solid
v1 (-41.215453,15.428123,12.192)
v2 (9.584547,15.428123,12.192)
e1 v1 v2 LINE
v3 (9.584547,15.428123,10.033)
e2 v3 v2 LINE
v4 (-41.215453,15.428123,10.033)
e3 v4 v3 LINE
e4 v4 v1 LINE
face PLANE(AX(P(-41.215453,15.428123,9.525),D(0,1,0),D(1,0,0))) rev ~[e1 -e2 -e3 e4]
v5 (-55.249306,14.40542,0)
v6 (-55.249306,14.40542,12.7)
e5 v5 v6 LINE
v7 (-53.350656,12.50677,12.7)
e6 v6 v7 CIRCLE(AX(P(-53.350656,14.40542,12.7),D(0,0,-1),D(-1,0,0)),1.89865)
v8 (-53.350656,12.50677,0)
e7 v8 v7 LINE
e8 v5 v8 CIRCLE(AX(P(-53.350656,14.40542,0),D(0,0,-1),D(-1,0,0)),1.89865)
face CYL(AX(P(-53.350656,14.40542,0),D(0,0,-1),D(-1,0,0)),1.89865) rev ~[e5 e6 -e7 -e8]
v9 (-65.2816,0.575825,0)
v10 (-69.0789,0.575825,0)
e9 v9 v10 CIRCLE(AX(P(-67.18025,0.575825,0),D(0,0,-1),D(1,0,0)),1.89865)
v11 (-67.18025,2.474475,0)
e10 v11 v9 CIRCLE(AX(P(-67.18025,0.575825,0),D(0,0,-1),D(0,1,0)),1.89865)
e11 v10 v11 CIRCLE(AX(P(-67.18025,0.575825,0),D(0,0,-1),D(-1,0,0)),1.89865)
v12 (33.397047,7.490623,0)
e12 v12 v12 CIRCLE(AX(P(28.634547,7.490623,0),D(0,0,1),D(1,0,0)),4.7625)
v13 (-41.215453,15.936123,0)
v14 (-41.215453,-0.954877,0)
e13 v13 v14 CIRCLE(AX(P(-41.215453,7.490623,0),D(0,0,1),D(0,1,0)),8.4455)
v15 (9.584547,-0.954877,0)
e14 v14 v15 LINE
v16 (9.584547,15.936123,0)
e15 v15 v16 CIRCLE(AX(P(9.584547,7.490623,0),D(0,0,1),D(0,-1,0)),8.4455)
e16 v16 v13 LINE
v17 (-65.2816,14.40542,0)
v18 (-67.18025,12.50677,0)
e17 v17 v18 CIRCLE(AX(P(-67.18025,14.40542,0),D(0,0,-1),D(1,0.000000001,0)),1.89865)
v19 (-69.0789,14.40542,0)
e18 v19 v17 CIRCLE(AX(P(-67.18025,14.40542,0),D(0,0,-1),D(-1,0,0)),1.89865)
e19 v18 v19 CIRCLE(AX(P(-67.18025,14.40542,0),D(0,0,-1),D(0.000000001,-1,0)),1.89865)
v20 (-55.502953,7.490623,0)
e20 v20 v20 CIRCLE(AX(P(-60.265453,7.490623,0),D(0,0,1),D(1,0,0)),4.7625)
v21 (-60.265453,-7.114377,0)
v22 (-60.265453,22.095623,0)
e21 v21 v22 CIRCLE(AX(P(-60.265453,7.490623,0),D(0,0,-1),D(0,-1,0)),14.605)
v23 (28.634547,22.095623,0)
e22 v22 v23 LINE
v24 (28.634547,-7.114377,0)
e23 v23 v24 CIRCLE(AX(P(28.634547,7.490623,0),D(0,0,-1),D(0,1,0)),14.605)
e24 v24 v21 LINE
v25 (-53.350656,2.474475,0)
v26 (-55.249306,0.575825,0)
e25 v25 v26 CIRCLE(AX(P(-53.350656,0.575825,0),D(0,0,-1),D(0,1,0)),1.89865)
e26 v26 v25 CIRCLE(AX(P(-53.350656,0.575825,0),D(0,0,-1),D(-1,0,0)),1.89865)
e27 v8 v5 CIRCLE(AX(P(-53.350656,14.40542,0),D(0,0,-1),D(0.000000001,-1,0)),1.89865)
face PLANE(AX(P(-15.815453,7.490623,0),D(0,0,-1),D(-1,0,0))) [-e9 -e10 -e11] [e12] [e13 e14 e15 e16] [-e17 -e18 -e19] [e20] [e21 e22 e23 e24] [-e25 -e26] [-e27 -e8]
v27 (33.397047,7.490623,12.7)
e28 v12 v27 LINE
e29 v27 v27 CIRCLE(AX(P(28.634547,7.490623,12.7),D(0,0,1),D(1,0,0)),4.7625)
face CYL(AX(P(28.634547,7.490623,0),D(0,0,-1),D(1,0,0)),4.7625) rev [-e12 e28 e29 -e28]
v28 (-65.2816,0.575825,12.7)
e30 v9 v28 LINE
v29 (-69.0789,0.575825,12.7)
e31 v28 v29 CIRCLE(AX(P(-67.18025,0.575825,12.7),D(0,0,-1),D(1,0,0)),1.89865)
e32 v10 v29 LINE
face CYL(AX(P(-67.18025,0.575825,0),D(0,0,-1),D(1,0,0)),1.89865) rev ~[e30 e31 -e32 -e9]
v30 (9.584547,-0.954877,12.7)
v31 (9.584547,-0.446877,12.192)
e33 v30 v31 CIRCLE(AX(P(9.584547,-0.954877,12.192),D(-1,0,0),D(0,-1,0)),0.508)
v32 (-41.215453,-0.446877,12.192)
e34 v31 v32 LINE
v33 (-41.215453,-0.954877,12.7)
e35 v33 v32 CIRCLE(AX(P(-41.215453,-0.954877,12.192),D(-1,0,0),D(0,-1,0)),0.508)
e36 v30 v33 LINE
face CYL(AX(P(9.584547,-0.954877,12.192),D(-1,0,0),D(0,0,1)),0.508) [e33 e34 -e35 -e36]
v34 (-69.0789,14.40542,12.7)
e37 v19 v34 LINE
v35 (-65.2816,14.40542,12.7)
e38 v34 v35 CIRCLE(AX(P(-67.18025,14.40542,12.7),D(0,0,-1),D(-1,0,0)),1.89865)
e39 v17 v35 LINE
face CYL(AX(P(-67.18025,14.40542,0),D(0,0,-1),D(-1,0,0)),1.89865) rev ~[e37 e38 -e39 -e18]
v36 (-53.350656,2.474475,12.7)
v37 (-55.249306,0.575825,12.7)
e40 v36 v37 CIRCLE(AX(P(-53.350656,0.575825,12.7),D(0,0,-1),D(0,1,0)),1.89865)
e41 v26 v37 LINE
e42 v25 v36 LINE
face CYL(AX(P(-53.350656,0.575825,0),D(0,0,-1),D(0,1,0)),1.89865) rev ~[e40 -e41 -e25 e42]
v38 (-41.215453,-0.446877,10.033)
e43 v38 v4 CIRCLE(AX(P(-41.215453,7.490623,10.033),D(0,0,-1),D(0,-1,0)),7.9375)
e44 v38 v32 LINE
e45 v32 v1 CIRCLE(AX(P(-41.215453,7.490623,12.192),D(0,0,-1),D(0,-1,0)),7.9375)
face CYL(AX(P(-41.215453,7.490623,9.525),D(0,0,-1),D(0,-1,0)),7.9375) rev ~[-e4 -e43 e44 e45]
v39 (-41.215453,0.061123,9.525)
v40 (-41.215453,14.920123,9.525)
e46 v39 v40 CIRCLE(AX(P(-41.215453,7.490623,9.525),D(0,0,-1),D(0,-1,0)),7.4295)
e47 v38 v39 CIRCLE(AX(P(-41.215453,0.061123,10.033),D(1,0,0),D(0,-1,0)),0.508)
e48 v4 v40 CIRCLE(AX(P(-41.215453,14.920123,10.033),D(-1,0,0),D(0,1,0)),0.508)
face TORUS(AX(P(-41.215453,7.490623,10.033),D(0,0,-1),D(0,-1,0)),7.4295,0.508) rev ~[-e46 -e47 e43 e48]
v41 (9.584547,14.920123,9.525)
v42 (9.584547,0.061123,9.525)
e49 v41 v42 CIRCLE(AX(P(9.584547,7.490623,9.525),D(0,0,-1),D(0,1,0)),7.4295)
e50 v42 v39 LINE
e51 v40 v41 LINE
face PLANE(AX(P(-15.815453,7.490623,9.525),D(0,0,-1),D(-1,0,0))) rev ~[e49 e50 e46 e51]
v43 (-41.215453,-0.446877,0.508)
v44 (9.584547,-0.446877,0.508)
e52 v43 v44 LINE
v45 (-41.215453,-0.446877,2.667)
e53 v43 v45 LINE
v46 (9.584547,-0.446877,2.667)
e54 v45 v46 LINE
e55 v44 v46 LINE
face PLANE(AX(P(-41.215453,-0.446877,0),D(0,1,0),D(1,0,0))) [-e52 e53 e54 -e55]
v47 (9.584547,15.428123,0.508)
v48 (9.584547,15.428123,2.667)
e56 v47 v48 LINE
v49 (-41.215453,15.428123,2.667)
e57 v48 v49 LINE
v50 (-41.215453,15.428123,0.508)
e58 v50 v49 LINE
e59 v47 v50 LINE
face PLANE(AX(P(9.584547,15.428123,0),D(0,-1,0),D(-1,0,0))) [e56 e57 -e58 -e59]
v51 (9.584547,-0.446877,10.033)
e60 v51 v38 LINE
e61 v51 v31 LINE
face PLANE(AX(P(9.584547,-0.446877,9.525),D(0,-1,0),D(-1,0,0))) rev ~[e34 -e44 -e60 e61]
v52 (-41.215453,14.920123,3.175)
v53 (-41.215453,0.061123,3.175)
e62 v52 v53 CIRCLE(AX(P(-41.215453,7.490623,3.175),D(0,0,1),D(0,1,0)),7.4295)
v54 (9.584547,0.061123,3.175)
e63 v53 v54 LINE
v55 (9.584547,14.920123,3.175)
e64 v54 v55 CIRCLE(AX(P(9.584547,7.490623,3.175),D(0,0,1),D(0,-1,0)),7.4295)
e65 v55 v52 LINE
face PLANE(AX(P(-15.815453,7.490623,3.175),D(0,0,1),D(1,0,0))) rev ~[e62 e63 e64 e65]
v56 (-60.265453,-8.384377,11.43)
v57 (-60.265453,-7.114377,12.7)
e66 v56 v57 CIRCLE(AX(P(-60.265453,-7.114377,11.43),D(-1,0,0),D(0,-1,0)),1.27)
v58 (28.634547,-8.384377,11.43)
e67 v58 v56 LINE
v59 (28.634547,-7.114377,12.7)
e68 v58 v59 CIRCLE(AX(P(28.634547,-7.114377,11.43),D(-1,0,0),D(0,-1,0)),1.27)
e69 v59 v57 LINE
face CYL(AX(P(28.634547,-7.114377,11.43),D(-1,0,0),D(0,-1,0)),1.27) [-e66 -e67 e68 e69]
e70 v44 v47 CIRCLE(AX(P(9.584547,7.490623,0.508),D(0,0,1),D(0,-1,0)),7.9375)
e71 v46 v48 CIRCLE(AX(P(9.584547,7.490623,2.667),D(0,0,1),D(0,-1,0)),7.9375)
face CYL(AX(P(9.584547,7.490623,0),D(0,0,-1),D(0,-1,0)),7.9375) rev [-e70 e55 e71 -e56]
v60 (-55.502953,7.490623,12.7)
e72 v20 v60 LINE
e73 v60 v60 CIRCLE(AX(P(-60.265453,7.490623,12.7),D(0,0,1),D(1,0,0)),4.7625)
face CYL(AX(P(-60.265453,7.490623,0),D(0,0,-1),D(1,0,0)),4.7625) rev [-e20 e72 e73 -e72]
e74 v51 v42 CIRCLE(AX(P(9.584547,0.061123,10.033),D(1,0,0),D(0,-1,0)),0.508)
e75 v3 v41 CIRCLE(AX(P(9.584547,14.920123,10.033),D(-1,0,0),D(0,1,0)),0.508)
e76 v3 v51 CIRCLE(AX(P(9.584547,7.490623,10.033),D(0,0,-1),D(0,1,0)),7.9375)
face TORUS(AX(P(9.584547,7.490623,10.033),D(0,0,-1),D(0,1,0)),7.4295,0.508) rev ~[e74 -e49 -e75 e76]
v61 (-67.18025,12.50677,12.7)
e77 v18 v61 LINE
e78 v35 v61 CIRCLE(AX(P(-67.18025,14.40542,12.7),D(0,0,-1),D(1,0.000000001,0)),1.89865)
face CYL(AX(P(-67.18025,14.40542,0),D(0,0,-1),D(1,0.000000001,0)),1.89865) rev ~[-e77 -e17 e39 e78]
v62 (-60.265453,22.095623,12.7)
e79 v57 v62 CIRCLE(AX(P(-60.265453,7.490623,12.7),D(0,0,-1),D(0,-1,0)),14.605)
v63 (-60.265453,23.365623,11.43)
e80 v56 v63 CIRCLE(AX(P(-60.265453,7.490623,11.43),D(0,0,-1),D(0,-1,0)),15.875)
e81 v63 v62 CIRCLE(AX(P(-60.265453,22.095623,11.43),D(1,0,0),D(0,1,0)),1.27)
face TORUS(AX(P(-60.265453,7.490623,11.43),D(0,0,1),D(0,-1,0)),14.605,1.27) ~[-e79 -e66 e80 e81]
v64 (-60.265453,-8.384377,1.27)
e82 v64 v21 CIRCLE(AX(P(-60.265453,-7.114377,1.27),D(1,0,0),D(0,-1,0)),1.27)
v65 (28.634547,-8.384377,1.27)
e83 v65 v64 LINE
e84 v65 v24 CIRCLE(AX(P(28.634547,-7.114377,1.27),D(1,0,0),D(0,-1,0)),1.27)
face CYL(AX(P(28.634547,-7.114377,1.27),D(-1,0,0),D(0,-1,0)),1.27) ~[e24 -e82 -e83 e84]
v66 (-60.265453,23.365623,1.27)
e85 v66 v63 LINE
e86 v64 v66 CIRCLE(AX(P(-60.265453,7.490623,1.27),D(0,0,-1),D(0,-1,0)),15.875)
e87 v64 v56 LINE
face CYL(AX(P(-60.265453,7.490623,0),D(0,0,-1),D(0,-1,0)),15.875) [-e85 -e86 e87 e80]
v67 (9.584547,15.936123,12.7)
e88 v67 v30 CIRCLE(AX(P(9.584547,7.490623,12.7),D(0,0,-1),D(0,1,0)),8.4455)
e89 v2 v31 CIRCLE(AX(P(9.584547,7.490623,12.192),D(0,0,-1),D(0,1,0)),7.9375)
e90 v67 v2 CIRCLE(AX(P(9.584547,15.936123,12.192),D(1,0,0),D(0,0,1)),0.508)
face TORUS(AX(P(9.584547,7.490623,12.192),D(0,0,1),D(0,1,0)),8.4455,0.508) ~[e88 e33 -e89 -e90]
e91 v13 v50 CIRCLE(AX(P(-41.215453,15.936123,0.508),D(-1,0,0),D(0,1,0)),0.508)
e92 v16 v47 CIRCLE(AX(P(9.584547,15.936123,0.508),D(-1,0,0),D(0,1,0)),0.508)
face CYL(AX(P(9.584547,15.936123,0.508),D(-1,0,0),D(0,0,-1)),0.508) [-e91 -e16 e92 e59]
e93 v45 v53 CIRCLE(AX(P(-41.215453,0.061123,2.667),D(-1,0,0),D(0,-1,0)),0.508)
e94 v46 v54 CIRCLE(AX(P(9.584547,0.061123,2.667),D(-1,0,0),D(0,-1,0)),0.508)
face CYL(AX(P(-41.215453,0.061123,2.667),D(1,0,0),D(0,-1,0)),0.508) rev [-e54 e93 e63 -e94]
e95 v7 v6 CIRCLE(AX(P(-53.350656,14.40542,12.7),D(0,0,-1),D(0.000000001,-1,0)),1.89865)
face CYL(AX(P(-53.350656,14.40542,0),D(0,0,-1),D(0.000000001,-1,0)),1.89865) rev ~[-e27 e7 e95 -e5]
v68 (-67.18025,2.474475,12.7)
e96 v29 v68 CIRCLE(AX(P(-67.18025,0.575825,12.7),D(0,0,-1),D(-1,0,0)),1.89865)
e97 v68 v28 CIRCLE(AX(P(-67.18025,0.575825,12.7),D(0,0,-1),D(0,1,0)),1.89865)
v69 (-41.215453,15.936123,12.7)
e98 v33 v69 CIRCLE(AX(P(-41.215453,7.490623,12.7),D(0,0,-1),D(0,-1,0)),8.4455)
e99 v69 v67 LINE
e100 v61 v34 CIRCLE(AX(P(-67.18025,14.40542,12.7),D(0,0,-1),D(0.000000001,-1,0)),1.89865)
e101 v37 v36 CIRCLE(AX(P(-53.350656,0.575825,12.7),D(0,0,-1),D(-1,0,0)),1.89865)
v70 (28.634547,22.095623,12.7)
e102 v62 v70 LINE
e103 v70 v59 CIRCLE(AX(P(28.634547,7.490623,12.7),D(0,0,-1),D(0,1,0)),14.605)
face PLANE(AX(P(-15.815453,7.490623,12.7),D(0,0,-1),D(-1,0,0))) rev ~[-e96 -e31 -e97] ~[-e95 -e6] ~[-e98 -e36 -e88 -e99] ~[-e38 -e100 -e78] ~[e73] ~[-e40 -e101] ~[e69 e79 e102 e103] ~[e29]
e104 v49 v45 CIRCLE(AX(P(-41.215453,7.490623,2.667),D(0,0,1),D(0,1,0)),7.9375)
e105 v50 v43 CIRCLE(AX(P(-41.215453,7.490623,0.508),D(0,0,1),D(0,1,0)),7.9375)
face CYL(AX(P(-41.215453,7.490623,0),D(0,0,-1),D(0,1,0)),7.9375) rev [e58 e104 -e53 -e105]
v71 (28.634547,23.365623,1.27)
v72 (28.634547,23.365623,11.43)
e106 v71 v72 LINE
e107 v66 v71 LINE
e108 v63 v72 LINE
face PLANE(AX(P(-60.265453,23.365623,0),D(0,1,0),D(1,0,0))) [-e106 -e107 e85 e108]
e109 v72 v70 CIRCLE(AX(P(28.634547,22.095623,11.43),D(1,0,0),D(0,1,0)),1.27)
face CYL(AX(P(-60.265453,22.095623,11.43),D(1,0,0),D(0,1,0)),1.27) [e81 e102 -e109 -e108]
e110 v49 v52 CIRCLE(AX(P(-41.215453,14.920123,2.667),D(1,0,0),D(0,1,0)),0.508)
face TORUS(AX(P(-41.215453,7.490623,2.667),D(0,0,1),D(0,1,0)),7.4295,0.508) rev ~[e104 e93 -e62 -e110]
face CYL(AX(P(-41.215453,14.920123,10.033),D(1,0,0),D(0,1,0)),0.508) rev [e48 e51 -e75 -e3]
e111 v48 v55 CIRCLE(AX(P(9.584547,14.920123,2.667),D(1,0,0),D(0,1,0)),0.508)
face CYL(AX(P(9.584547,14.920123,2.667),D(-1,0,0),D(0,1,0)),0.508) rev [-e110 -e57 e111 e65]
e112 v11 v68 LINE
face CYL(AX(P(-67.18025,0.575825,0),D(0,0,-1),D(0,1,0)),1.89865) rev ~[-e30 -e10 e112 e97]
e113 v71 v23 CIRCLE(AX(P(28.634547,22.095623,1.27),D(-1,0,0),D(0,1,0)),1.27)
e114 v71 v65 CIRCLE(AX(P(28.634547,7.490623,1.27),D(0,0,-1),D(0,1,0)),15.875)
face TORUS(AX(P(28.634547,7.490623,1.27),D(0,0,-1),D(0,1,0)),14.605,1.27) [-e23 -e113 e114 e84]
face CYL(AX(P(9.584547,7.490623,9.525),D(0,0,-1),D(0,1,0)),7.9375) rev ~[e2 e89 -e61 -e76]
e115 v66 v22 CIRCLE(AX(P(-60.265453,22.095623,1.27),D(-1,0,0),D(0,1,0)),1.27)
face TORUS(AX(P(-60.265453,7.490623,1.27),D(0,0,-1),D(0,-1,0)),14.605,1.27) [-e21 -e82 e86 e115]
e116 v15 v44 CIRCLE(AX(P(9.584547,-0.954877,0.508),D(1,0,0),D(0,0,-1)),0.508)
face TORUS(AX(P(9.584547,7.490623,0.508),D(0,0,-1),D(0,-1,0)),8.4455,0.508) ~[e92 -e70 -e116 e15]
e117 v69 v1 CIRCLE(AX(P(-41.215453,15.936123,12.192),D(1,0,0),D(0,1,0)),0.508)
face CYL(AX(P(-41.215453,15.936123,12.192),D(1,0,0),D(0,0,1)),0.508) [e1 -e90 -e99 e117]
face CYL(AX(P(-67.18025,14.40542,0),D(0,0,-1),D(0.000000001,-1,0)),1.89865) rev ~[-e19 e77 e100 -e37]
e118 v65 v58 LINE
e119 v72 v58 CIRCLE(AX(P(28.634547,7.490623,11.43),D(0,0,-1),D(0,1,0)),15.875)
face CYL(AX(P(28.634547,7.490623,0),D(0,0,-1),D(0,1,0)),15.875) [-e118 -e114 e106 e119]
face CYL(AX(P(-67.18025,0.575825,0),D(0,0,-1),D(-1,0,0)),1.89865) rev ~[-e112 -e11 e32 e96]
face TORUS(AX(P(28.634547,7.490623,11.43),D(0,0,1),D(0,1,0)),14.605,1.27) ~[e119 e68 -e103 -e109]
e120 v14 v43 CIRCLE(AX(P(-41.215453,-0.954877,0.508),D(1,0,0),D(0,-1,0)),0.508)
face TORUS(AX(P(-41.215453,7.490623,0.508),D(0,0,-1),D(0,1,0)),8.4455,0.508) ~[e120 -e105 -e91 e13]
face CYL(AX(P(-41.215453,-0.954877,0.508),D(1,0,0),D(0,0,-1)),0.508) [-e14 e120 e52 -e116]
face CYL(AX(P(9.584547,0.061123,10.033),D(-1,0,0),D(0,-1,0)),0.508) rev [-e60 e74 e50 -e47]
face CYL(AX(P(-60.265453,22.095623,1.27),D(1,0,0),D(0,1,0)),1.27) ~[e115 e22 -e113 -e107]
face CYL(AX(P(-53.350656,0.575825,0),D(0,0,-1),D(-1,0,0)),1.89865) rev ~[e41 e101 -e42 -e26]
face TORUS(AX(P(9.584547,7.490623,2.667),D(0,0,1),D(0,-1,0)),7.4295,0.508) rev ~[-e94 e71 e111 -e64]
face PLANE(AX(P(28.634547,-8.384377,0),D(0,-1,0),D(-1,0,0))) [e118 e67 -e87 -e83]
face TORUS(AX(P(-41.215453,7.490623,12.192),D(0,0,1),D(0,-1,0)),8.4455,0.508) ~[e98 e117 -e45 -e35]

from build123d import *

# Parameters (mm, degrees)
SKETCH1_R           = 4.7625
BOSS_EXTRUDE1_DEPTH = 12.7
CUT_EXTRUDE2_DEPTH  = 12.7
FILLET1_R           = 1.27
CUT_EXTRUDE3_DEPTH  = 3.175
CUT_EXTRUDE4_START  = -3.175
CUT_EXTRUDE4_DEPTH  = 3.175
FILLET2_R           = 0.508


with BuildPart() as part:
    # Sketch1 → Boss-Extrude1 (new body)
    with BuildSketch(Plane.XY):
        with BuildLine():
            Line((-60.265453167, 23.365622701), (28.634546833, 23.365622701))
            ThreePointArc((28.634546833, 23.365622701), (44.509546833, 7.490622701), (28.634546833, -8.384377299))
            Line((28.634546833, -8.384377299), (-60.265453167, -8.384377299))
            ThreePointArc((-60.265453167, -8.384377299), (-76.140453167, 7.490622701), (-60.265453167, 23.365622701))
        make_face()
        with Locations((-60.265453167, 7.490622701)):
            Circle(SKETCH1_R, mode=Mode.SUBTRACT)
        with Locations((28.634546833, 7.490622701)):
            Circle(SKETCH1_R, mode=Mode.SUBTRACT)
    extrude(amount=BOSS_EXTRUDE1_DEPTH)

    # Sketch3 → Cut-Extrude2 (cut)
    with BuildSketch(Plane(origin=(0, 0, 0), x_dir=(-1, 0, 0), z_dir=(0, 0, -1))):
        with BuildLine():
            ThreePointArc((55.249305954, 14.405419915), (52.008107664, 15.747968205), (53.350655954, 12.506769915))
            Line((53.350655954, 12.506769915), (53.350655954, 14.405419915))
            Line((53.350655954, 14.405419915), (55.249305954, 14.405419915))
        make_face()
        with BuildLine():
            Line((53.350655954, 14.405419915), (53.350655954, 12.506769915))
            ThreePointArc((53.350655954, 12.506769915), (54.693204244, 13.062871624), (55.249305954, 14.405419915))
            Line((55.249305954, 14.405419915), (53.350655954, 14.405419915))
        make_face()
        with BuildLine():
            ThreePointArc((53.350655954, 2.474475488), (52.008107664, -0.766722802), (55.249305954, 0.575825488))
            Line((55.249305954, 0.575825488), (53.350655954, 0.575825488))
            Line((53.350655954, 0.575825488), (53.350655954, 2.474475488))
        make_face()
        with BuildLine():
            Line((53.350655954, 0.575825488), (55.249305954, 0.575825488))
            ThreePointArc((55.249305954, 0.575825488), (54.693204244, 1.918373778), (53.350655954, 2.474475488))
            Line((53.350655954, 2.474475488), (53.350655954, 0.575825488))
        make_face()
        with BuildLine():
            ThreePointArc((67.18025038, 2.474475488), (65.83770209, 1.918373778), (65.28160038, 0.575825488))
            Line((65.28160038, 0.575825488), (67.18025038, 0.575825488))
            Line((67.18025038, 0.575825488), (67.18025038, 2.474475488))
        make_face()
        with BuildLine():
            Line((67.18025038, 0.575825488), (65.28160038, 0.575825488))
            ThreePointArc((65.28160038, 0.575825488), (67.18025038, -1.322824512), (69.07890038, 0.575825488))
            ThreePointArc((69.07890038, 0.575825488), (68.52279867, 1.918373778), (67.18025038, 2.474475488))
            Line((67.18025038, 2.474475488), (67.18025038, 0.575825488))
        make_face()
        with BuildLine():
            ThreePointArc((65.28160038, 14.405419915), (65.83770209, 13.062871624), (67.18025038, 12.506769915))
            Line((67.18025038, 12.506769915), (67.18025038, 14.405419915))
            Line((67.18025038, 14.405419915), (65.28160038, 14.405419915))
        make_face()
        with BuildLine():
            Line((67.18025038, 14.405419915), (67.18025038, 12.506769915))
            ThreePointArc((67.18025038, 12.506769915), (68.52279867, 13.062871624), (69.07890038, 14.405419915))
            ThreePointArc((69.07890038, 14.405419915), (67.18025038, 16.304069915), (65.28160038, 14.405419915))
            Line((65.28160038, 14.405419915), (67.18025038, 14.405419915))
        make_face()
    extrude(amount=-CUT_EXTRUDE2_DEPTH, mode=Mode.SUBTRACT)

    # Fillet1
    fillet1_edges = [part.edges().sort_by_distance(p)[0] for p in [
        (44.509546833, 7.490622701, 12.7),
        (-15.815453167, 23.365622701, 12.7),
        (-76.140453167, 7.490622701, 12.7),
        (-15.815453167, 23.365622701, 0),
        (44.509546833, 7.490622701, 0),
        (-15.815453167, -8.384377299, 0),
        (-76.140453167, 7.490622701, 0),
        (-15.815453167, -8.384377299, 12.7),
    ]]
    fillet(fillet1_edges, radius=FILLET1_R)

    # Sketch4 → Cut-Extrude3 (cut)
    with BuildSketch(Plane(origin=(0, 0, 0), x_dir=(-1, 0, 0), z_dir=(0, 0, -1))):
        with BuildLine():
            Line((41.215453167, -0.446877299), (-9.584546833, -0.446877299))
            ThreePointArc((-9.584546833, -0.446877299), (-17.522046833, 7.490622701), (-9.584546833, 15.428122701))
            Line((-9.584546833, 15.428122701), (41.215453167, 15.428122701))
            ThreePointArc((41.215453167, 15.428122701), (49.152953167, 7.490622701), (41.215453167, -0.446877299))
        make_face()
    extrude(amount=-CUT_EXTRUDE3_DEPTH, mode=Mode.SUBTRACT)

    # Sketch5 → Cut-Extrude4 (cut)
    with BuildSketch(Plane.XY.offset(12.7).offset(CUT_EXTRUDE4_START)):
        with BuildLine():
            Line((-41.215453167, 15.428122701), (9.584546833, 15.428122701))
            ThreePointArc((9.584546833, 15.428122701), (17.522046833, 7.490622701), (9.584546833, -0.446877299))
            Line((9.584546833, -0.446877299), (-41.215453167, -0.446877299))
            ThreePointArc((-41.215453167, -0.446877299), (-49.152953167, 7.490622701), (-41.215453167, 15.428122701))
        make_face()
    extrude(amount=CUT_EXTRUDE4_DEPTH, mode=Mode.SUBTRACT)

    # Fillet2
    fillet2_edges = [part.edges().sort_by_distance(p)[0] for p in [
        (-49.152953167, 7.490622701, 3.175),
        (-15.815453167, -0.446877299, 3.175),
        (17.522046833, 7.490622701, 3.175),
        (-15.815453167, 15.428122701, 3.175),
        (-49.152953167, 7.490622701, 0),
        (-15.815453167, 15.428122701, 0),
        (17.522046833, 7.490622701, 0),
        (-15.815453167, -0.446877299, 0),
        (-49.152953167, 7.490622701, 9.525),
        (-15.815453167, 15.428122701, 9.525),
        (17.522046833, 7.490622701, 9.525),
        (-15.815453167, -0.446877299, 9.525),
        (-49.152953167, 7.490622701, 12.7),
        (-15.815453167, -0.446877299, 12.7),
        (17.522046833, 7.490622701, 12.7),
        (-15.815453167, 15.428122701, 12.7),
    ]]
    fillet(fillet2_edges, radius=FILLET2_R)


solid = part.part
